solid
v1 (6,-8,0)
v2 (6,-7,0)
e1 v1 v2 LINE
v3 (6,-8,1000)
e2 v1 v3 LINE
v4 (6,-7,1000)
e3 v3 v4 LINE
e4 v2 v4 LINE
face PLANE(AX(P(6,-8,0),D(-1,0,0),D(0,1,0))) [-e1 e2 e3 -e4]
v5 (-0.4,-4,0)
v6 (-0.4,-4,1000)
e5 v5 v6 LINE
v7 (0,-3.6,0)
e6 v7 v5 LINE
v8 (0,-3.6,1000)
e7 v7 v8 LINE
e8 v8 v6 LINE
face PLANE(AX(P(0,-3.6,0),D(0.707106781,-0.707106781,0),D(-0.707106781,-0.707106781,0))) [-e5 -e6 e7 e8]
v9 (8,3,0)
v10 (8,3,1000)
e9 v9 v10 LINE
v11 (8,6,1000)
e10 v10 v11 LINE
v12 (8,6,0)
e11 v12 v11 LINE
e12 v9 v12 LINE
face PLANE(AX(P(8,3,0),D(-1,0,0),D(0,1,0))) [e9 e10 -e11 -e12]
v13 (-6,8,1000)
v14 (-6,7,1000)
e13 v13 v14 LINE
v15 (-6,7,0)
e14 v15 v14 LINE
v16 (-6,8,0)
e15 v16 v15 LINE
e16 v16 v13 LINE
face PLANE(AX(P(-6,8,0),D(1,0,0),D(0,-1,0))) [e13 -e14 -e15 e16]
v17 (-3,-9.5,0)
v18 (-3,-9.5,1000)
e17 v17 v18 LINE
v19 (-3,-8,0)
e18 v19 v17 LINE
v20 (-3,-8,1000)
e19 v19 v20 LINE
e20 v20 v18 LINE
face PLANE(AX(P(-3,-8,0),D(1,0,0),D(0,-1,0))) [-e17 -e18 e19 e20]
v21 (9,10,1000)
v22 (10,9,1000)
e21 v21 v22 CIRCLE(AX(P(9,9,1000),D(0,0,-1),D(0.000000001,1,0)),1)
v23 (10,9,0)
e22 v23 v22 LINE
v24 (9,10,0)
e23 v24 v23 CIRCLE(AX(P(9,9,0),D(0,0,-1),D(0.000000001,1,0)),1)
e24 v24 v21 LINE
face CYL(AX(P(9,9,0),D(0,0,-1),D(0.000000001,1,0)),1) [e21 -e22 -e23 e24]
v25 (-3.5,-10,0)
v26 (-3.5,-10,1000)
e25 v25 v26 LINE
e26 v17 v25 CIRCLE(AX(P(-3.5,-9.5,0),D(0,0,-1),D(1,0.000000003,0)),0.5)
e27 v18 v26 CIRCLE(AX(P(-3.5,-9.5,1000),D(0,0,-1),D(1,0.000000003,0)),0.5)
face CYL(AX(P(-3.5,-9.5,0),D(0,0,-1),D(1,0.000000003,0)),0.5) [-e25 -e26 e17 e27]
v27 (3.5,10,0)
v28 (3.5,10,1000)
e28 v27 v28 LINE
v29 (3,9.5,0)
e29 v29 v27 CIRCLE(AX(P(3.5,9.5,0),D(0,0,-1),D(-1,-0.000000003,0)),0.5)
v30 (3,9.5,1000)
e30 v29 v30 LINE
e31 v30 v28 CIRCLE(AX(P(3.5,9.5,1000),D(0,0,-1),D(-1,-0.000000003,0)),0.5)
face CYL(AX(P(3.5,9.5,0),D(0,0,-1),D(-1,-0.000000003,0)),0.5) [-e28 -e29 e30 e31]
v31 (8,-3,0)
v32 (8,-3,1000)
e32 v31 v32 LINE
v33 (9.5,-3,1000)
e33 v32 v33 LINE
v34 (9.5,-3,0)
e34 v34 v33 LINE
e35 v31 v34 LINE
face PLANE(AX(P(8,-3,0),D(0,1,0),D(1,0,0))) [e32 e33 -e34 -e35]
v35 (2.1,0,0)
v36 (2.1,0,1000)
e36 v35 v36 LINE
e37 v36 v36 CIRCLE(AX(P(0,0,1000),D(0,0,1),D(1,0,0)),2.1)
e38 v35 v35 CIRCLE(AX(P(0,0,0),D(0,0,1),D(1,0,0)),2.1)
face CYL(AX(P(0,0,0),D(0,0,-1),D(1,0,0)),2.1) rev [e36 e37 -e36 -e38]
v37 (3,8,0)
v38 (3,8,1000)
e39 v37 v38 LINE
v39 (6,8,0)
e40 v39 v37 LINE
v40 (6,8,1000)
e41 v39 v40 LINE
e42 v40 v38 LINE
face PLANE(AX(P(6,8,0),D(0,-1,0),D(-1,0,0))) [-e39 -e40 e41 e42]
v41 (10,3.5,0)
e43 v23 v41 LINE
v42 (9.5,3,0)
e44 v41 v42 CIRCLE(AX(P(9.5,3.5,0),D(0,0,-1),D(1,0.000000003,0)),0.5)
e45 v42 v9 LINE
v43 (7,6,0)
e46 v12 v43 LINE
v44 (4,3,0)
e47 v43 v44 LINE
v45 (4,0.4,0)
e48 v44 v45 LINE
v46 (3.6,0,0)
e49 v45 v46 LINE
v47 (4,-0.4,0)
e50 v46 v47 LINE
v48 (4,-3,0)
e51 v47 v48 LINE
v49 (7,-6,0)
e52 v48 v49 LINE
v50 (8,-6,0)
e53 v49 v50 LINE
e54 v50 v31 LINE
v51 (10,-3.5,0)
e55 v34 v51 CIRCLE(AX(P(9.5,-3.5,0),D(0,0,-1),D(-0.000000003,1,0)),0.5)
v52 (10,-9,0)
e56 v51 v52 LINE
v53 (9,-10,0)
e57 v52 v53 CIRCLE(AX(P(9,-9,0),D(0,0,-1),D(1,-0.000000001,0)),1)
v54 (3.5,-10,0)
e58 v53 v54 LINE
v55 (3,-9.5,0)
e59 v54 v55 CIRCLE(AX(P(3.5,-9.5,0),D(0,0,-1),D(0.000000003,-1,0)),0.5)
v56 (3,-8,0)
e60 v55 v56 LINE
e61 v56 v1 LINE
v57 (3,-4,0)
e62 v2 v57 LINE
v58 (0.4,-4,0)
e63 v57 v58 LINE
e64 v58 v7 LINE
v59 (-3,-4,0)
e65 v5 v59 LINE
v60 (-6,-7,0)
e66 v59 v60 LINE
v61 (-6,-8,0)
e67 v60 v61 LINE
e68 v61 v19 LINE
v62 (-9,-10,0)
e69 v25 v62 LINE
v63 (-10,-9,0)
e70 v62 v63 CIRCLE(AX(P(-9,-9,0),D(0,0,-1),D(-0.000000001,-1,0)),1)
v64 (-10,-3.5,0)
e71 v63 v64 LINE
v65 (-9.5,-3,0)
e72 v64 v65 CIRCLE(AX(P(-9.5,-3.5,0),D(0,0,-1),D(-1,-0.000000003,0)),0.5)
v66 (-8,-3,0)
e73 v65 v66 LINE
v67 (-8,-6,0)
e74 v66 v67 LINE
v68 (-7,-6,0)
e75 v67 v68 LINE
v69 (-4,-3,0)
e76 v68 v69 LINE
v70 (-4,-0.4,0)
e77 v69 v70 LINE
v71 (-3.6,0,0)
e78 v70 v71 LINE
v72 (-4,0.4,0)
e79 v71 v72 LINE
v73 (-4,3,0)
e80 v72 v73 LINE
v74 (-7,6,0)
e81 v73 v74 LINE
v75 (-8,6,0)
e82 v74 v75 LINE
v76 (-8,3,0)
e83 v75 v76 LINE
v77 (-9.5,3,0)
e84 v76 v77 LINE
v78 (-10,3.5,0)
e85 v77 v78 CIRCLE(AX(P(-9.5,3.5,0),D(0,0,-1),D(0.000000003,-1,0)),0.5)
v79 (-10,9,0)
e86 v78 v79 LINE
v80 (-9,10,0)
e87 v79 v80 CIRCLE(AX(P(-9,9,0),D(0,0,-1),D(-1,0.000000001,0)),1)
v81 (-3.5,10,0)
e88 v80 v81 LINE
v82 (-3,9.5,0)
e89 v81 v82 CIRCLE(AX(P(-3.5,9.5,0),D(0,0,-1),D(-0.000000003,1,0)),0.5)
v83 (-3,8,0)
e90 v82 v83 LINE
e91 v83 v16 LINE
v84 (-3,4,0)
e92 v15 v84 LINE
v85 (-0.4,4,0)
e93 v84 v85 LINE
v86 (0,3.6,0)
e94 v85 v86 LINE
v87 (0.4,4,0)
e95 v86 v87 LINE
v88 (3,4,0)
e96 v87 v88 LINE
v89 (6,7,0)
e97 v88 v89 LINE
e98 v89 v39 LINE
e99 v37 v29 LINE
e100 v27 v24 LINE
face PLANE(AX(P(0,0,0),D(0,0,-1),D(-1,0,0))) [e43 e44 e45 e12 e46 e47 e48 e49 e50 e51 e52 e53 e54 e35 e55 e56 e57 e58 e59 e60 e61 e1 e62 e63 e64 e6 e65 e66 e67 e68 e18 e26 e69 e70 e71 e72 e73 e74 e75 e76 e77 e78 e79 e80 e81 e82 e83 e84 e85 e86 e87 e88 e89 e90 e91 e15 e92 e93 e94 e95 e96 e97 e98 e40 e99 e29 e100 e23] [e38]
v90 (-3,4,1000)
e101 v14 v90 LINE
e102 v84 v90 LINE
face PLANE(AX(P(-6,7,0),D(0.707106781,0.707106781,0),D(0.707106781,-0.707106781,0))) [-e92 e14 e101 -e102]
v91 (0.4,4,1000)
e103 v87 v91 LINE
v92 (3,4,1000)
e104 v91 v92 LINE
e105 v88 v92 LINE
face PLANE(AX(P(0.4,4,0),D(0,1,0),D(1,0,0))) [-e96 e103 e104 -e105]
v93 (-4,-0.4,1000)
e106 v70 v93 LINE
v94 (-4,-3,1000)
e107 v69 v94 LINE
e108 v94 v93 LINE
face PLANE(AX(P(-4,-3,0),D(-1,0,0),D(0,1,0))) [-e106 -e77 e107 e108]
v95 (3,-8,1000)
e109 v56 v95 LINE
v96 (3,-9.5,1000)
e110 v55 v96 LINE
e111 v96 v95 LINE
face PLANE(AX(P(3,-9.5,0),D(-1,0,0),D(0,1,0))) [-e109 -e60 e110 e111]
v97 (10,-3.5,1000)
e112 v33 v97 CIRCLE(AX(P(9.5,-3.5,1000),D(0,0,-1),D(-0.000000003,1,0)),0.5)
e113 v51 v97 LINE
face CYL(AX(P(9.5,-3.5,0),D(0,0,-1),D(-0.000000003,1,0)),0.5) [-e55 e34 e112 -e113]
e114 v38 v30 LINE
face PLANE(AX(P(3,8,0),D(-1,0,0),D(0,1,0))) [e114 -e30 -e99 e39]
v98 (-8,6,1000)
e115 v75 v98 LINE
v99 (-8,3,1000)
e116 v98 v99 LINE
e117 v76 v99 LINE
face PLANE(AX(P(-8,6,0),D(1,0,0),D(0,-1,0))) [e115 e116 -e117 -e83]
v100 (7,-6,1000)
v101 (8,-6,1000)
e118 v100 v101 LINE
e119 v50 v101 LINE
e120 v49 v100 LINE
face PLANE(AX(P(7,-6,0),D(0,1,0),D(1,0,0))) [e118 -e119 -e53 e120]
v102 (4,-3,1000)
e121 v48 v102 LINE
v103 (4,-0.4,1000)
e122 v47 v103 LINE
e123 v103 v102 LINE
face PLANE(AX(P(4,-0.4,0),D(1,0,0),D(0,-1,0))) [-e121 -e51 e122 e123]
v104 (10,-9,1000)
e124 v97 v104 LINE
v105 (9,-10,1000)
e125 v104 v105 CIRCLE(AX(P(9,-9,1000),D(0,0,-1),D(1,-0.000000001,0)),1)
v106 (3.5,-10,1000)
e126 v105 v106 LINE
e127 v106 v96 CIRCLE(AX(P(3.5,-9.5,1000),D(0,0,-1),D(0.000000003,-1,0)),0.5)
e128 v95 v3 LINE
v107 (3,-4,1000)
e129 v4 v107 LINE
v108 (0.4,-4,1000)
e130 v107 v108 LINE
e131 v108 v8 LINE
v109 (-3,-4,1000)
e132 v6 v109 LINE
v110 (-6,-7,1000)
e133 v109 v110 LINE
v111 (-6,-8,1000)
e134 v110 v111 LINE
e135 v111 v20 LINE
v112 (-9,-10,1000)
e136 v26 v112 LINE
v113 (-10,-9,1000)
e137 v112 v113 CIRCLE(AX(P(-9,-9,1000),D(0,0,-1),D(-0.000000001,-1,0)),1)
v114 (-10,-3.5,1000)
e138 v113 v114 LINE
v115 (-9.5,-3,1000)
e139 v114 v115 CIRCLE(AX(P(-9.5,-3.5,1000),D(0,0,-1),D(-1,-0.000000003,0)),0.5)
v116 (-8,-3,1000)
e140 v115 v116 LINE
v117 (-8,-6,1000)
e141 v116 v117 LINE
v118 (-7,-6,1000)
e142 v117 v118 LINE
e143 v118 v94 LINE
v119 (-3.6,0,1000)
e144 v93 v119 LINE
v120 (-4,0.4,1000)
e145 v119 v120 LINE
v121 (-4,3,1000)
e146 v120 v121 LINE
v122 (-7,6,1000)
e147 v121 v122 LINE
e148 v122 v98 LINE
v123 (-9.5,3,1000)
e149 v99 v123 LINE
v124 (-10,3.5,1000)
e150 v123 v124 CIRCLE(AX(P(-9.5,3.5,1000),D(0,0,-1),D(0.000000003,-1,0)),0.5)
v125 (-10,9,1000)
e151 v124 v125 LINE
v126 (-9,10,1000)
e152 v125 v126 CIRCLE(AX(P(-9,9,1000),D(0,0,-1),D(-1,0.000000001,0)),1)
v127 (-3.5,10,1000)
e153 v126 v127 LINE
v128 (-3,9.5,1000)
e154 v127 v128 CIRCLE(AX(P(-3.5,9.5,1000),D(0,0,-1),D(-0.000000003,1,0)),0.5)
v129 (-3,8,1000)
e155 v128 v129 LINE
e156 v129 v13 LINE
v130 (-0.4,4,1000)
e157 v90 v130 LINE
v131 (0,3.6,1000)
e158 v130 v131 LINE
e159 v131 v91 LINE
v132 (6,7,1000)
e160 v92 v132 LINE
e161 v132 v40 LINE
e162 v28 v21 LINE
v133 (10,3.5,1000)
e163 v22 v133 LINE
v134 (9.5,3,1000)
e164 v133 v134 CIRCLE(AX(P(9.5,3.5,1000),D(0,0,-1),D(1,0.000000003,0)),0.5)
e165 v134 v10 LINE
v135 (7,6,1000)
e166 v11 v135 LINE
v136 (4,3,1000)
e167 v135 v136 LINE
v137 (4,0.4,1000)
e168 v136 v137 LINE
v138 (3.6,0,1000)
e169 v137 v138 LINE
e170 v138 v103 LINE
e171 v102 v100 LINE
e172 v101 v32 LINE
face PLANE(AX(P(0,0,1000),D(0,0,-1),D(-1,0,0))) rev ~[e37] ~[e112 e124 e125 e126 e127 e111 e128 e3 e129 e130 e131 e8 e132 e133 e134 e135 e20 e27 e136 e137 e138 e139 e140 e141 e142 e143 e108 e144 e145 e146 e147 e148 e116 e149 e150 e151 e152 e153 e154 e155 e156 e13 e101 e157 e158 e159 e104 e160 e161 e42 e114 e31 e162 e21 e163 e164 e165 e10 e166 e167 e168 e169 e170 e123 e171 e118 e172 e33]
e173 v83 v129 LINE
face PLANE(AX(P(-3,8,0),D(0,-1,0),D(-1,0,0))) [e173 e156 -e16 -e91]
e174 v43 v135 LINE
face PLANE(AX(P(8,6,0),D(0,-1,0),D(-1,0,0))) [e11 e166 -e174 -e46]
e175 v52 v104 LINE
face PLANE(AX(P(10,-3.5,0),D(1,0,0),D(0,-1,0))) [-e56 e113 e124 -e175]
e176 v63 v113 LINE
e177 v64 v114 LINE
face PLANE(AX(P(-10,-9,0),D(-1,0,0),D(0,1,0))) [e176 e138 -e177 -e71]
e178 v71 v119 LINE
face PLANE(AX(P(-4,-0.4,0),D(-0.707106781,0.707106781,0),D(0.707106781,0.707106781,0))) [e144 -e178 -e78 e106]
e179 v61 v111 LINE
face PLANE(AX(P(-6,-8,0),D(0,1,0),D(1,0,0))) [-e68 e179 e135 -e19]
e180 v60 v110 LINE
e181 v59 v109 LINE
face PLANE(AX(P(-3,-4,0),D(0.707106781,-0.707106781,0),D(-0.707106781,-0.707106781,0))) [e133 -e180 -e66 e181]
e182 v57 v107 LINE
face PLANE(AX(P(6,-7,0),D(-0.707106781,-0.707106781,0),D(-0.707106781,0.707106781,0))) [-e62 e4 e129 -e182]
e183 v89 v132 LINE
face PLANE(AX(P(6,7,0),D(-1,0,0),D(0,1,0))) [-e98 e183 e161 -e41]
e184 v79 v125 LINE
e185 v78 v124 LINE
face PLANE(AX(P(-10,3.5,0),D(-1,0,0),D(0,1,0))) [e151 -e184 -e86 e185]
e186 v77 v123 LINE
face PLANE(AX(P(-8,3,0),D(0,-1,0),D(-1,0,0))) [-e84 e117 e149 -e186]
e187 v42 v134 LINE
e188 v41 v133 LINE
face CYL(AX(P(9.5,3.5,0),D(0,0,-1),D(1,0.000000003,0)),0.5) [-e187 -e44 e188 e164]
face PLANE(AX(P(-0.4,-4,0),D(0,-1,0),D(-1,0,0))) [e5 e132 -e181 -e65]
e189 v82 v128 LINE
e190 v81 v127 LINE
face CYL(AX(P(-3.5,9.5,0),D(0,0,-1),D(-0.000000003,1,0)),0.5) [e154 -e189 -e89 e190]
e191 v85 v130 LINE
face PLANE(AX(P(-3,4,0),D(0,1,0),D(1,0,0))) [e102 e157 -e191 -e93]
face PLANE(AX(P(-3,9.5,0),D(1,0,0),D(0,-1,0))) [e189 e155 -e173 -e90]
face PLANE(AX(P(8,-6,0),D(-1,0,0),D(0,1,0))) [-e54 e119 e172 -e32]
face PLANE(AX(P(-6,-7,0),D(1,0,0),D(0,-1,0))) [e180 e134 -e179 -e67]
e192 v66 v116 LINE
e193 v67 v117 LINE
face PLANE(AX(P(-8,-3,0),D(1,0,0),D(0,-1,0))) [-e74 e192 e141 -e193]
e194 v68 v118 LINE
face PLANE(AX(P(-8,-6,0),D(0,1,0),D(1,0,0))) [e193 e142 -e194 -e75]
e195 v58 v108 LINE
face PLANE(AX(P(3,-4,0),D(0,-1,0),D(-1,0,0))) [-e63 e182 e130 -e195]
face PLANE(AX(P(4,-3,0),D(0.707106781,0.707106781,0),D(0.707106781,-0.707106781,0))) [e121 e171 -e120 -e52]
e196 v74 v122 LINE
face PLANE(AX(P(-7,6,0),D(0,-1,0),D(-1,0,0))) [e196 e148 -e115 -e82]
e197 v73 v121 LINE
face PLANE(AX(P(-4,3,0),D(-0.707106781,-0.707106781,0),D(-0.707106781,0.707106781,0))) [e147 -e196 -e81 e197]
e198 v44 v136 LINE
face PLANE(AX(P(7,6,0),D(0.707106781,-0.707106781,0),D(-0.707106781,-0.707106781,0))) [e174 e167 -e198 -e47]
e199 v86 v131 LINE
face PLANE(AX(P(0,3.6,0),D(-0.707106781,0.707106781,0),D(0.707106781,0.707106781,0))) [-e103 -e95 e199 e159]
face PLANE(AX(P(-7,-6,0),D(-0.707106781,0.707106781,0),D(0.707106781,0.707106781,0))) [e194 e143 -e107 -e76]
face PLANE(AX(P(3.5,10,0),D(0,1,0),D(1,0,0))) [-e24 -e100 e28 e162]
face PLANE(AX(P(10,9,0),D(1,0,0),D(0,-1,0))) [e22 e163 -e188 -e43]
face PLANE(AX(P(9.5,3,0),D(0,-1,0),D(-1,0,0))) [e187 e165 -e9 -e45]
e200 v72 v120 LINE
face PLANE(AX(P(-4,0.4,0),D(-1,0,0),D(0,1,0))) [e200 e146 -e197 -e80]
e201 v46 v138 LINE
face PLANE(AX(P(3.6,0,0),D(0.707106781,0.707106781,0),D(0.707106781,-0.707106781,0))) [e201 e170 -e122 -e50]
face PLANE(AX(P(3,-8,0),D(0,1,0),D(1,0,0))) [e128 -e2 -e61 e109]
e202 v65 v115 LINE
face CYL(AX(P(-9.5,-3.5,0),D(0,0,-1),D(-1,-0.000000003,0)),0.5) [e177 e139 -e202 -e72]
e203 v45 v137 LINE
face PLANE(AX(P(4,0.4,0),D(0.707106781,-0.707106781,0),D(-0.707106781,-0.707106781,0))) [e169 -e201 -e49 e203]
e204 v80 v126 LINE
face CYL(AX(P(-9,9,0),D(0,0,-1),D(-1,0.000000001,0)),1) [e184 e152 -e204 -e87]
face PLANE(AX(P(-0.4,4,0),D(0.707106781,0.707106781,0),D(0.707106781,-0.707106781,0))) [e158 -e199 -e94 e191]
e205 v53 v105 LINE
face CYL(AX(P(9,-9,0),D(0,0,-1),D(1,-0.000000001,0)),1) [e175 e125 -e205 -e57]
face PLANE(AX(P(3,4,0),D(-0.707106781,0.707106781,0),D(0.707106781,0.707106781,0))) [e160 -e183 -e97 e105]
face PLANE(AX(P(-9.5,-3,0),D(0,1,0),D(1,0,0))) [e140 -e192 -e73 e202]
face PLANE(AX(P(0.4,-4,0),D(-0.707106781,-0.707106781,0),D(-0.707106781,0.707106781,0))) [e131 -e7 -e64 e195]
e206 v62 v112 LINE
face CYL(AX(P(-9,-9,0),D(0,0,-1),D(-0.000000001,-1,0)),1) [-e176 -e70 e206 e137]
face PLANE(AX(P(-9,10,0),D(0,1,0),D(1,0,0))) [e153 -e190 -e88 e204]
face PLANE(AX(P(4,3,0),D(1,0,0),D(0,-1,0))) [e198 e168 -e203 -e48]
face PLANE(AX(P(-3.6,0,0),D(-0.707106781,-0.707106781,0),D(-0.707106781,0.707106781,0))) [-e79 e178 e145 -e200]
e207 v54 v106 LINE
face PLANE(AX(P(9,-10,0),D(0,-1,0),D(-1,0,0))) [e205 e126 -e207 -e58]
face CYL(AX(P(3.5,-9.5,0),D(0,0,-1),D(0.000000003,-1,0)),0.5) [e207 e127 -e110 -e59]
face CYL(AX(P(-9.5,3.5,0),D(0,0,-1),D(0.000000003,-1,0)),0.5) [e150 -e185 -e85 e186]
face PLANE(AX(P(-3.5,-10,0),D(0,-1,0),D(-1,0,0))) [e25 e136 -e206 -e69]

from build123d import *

# Parameters (mm, degrees)
SCHIZZO1_R                   = 2.1
ESTRUSIONE_ESTRUSIONE1_DEPTH = 1000


with BuildPart() as part:
    # Schizzo1 → Estrusione-Estrusione1 (new body)
    with BuildSketch(Plane.XY):
        with BuildLine():
            Line((-3.6, 0), (-4, 0.4))
            Line((-4, 0.4), (-4, 3))
            Line((-4, 3), (-7, 6))
            Line((-7, 6), (-8, 6))
            Line((-8, 6), (-8, 3))
            Line((-8, 3), (-9.5, 3))
            ThreePointArc((-9.5, 3), (-9.853553391, 3.146446609), (-10, 3.5))
            Line((-10, 3.5), (-10, 9))
            ThreePointArc((-10, 9), (-9.707106781, 9.707106781), (-9, 10))
            Line((-9, 10), (-3.5, 10))
            ThreePointArc((-3.5, 10), (-3.146446609, 9.853553391), (-3, 9.5))
            Line((-3, 9.5), (-3, 8))
            Line((-3, 8), (-6, 8))
            Line((-6, 8), (-6, 7))
            Line((-6, 7), (-3, 4))
            Line((-3, 4), (-0.4, 4))
            Line((-0.4, 4), (0, 3.6))
            Line((0, 3.6), (0.4, 4))
            Line((0.4, 4), (3, 4))
            Line((3, 4), (6, 7))
            Line((6, 7), (6, 8))
            Line((6, 8), (3, 8))
            Line((3, 8), (3, 9.5))
            ThreePointArc((3, 9.5), (3.146446609, 9.853553391), (3.5, 10))
            Line((3.5, 10), (9, 10))
            ThreePointArc((9, 10), (9.707106781, 9.707106781), (10, 9))
            Line((10, 9), (10, 3.5))
            ThreePointArc((10, 3.5), (9.853553391, 3.146446609), (9.5, 3))
            Line((9.5, 3), (8, 3))
            Line((8, 3), (8, 6))
            Line((8, 6), (7, 6))
            Line((7, 6), (4, 3))
            Line((4, 3), (4, 0.4))
            Line((4, 0.4), (3.6, 0))
            Line((3.6, 0), (4, -0.4))
            Line((4, -0.4), (4, -3))
            Line((4, -3), (7, -6))
            Line((7, -6), (8, -6))
            Line((8, -6), (8, -3))
            Line((8, -3), (9.5, -3))
            ThreePointArc((9.5, -3), (9.853553391, -3.146446609), (10, -3.5))
            Line((10, -3.5), (10, -9))
            ThreePointArc((10, -9), (9.707106781, -9.707106781), (9, -10))
            Line((9, -10), (3.5, -10))
            ThreePointArc((3.5, -10), (3.146446609, -9.853553391), (3, -9.5))
            Line((3, -9.5), (3, -8))
            Line((3, -8), (6, -8))
            Line((6, -8), (6, -7))
            Line((6, -7), (3, -4))
            Line((3, -4), (0.4, -4))
            Line((0.4, -4), (0, -3.6))
            Line((0, -3.6), (-0.4, -4))
            Line((-0.4, -4), (-3, -4))
            Line((-3, -4), (-6, -7))
            Line((-6, -7), (-6, -8))
            Line((-6, -8), (-3, -8))
            Line((-3, -8), (-3, -9.5))
            ThreePointArc((-3, -9.5), (-3.146446609, -9.853553391), (-3.5, -10))
            Line((-3.5, -10), (-9, -10))
            ThreePointArc((-9, -10), (-9.707106781, -9.707106781), (-10, -9))
            Line((-10, -9), (-10, -3.5))
            ThreePointArc((-10, -3.5), (-9.853553391, -3.146446609), (-9.5, -3))
            Line((-9.5, -3), (-8, -3))
            Line((-8, -3), (-8, -6))
            Line((-8, -6), (-7, -6))
            Line((-7, -6), (-4, -3))
            Line((-4, -3), (-4, -0.4))
            Line((-4, -0.4), (-3.6, 0))
        make_face()
        Circle(SCHIZZO1_R, mode=Mode.SUBTRACT)
    extrude(amount=ESTRUSIONE_ESTRUSIONE1_DEPTH)


solid = part.part
